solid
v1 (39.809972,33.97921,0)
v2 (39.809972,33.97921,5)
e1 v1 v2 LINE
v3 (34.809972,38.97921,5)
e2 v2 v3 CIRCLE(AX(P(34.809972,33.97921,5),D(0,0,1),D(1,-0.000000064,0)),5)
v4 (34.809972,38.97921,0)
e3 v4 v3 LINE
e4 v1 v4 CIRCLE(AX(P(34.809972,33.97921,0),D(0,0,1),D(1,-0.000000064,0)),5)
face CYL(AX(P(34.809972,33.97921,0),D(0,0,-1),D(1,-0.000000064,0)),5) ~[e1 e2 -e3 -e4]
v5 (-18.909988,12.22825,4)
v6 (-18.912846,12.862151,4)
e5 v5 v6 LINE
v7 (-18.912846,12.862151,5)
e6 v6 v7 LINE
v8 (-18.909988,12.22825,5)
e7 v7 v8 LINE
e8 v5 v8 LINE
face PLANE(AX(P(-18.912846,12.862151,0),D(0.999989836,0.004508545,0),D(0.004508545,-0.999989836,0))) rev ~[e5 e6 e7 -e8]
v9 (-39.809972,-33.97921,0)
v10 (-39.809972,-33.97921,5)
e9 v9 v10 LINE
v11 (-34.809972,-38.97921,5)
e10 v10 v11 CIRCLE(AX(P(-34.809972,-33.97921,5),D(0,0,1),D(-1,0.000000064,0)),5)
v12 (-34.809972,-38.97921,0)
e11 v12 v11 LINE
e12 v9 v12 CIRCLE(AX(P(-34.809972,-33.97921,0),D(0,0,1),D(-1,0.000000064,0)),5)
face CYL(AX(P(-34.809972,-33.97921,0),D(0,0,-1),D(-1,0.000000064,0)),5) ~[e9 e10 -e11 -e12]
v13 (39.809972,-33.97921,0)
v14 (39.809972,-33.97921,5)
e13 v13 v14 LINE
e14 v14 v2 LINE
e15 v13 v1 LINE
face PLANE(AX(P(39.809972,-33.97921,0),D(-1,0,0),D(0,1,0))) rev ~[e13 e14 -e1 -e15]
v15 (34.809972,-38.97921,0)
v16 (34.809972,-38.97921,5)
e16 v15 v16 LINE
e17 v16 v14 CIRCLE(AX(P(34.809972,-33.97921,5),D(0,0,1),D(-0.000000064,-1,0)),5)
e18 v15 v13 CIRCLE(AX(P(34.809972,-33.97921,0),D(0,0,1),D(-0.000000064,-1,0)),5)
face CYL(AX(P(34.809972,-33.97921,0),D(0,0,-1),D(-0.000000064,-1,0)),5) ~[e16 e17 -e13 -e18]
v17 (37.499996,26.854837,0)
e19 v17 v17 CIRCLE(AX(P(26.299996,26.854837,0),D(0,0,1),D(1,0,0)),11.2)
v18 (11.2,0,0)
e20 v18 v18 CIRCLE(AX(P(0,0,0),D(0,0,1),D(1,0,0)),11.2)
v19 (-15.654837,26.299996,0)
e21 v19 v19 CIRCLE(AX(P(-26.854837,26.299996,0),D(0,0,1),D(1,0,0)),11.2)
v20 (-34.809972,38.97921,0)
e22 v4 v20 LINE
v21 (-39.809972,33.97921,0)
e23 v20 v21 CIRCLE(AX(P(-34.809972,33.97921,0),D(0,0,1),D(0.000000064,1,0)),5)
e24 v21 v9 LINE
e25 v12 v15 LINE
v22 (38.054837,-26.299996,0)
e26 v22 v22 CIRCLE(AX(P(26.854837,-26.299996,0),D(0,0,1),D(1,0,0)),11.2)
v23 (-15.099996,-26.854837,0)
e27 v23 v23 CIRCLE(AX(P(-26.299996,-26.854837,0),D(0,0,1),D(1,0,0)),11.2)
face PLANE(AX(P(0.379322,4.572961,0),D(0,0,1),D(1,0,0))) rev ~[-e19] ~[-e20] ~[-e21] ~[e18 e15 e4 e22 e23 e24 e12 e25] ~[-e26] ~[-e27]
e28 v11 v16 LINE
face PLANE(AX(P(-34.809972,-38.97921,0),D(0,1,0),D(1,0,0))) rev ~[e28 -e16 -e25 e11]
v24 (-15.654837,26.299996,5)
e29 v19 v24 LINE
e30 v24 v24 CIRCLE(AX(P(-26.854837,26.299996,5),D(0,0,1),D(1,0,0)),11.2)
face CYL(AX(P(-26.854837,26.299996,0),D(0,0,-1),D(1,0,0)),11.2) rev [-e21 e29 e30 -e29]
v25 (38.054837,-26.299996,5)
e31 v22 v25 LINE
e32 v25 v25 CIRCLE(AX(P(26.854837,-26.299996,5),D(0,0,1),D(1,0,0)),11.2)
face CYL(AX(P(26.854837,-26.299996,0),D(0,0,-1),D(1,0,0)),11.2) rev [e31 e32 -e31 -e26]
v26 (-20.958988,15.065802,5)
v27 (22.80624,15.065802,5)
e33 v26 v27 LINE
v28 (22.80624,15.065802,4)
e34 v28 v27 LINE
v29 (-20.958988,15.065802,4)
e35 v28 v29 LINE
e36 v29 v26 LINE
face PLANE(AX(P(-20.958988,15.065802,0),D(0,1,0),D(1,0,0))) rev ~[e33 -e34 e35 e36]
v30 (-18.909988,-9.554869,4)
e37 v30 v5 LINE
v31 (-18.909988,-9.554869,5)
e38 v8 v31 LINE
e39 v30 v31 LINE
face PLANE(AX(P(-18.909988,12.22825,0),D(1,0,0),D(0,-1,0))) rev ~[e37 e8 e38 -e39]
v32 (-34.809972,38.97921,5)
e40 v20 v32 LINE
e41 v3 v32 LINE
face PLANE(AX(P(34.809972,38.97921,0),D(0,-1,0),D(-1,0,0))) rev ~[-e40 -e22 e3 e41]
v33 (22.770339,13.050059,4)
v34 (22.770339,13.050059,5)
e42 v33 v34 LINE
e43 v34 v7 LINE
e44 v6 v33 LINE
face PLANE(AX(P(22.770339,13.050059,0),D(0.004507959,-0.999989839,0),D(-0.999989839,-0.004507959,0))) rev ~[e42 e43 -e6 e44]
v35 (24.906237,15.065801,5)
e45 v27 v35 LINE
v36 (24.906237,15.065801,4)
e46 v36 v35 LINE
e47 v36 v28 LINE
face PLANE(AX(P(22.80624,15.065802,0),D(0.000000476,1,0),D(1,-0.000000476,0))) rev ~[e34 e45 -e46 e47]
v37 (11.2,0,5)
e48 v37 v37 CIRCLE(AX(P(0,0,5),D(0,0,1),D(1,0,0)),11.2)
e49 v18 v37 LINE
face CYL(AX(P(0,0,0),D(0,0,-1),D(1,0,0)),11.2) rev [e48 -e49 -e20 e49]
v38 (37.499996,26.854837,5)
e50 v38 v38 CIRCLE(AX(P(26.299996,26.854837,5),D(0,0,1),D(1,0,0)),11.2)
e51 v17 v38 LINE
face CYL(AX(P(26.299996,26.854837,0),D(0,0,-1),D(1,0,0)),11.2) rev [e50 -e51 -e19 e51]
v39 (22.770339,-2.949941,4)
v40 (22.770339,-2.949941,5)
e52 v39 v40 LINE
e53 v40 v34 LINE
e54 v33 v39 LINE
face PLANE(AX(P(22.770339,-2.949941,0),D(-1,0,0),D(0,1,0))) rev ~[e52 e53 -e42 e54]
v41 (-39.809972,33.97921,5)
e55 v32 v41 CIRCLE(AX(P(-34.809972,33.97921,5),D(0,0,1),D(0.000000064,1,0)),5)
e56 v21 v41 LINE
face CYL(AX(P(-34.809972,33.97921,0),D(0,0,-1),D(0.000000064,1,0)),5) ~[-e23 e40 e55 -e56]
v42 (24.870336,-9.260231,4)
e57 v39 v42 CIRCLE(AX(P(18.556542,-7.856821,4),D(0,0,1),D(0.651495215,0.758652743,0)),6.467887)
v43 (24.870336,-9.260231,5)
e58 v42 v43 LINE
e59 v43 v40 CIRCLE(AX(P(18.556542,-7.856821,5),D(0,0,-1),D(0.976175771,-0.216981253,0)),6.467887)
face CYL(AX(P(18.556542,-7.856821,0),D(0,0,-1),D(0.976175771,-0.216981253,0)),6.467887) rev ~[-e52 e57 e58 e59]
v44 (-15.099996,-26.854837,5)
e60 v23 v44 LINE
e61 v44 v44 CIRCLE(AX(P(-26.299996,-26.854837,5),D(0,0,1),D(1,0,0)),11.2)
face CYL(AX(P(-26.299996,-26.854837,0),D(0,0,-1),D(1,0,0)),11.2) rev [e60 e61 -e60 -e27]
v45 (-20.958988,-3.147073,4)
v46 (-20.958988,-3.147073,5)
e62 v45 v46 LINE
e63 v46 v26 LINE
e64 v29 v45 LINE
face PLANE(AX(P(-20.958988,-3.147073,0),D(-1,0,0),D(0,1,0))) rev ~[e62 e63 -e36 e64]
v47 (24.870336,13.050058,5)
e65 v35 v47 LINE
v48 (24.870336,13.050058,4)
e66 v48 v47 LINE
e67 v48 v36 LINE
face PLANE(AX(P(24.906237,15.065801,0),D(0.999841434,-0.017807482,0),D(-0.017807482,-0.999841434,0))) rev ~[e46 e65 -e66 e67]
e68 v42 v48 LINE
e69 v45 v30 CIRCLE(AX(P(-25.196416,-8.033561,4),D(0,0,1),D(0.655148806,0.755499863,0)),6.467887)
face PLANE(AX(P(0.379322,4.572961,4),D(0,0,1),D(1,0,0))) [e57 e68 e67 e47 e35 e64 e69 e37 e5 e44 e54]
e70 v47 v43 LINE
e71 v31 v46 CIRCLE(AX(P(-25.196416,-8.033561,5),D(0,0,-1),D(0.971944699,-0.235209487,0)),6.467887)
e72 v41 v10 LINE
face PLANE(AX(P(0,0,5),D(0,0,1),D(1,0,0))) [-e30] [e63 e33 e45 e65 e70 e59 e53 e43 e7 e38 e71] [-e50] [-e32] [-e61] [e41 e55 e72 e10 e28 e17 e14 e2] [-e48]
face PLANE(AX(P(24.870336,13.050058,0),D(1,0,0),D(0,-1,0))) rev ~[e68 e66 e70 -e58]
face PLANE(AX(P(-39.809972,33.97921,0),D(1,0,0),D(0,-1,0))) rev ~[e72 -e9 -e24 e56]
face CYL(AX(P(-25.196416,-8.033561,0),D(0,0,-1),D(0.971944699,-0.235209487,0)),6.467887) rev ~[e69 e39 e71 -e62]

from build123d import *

# Parameters (mm, degrees)
F0_R     = 11.2
F1_DEPTH = 5
F2_DEPTH = 4


with BuildPart() as f1:
    # F0 (on Top) → F1 (new body)
    with BuildSketch(Plane.XY):
        with BuildLine():
            ThreePointArc((39.809972, 33.97921), (38.345506, 37.514744), (34.809972, 38.97921))
            Line((34.809972, 38.97921), (-34.809972, 38.97921))
            ThreePointArc((-34.809972, 38.97921), (-38.345506, 37.514744), (-39.809972, 33.97921))
            Line((-39.809972, 33.97921), (-39.809972, -33.97921))
            ThreePointArc((-39.809972, -33.97921), (-38.345506, -37.514744), (-34.809972, -38.97921))
            Line((-34.809972, -38.97921), (34.809972, -38.97921))
            ThreePointArc((34.809972, -38.97921), (38.345506, -37.514744), (39.809972, -33.97921))
            Line((39.809972, -33.97921), (39.809972, 33.97921))
        make_face()
        with Locations((-26.299996, -26.854837)):
            Circle(F0_R, mode=Mode.SUBTRACT)
        with Locations((26.854837, -26.299996)):
            Circle(F0_R, mode=Mode.SUBTRACT)
        with BuildLine():
            Line((22.770339, -2.949941), (22.770339, 13.050059))
            Line((22.770339, 13.050059), (-18.912846, 12.862151))
            Line((-18.912846, 12.862151), (-18.909988, 12.22825))
            Line((-18.909988, 12.22825), (-18.909988, -6.512253))
            Line((-18.909988, -6.512253), (-18.909988, -9.554869))
            ThreePointArc((-18.909988, -9.554869), (-31.357005, -10.003512), (-20.958988, -3.147073))
            Line((-20.958988, -3.147073), (-20.958988, 12.852927))
            Line((-20.958988, 12.852927), (-20.958988, 15.065802))
            Line((-20.958988, 15.065802), (22.80624, 15.065802))
            Line((22.80624, 15.065802), (24.906237, 15.065801))
            Line((24.906237, 15.065801), (24.870336, 13.050058))
            Line((24.870336, 13.050058), (24.870336, -9.260231))
            ThreePointArc((24.870336, -9.260231), (12.419565, -9.899141), (22.770339, -2.949941))
        make_face(mode=Mode.SUBTRACT)
        with Locations((-26.854837, 26.299996)):
            Circle(F0_R, mode=Mode.SUBTRACT)
        Circle(F0_R, mode=Mode.SUBTRACT)
        with Locations((26.299996, 26.854837)):
            Circle(F0_R, mode=Mode.SUBTRACT)
    extrude(amount=F1_DEPTH)

    # F0 (on Top) → F2 (join)
    with BuildSketch(Plane.XY):
        with BuildLine():
            Line((-18.912846, 12.862151), (22.770339, 13.050059))
            Line((22.770339, 13.050059), (22.770339, -2.949941))
            ThreePointArc((22.770339, -2.949941), (12.419565, -9.899141), (24.870336, -9.260231))
            Line((24.870336, -9.260231), (24.870336, 13.050058))
            Line((24.870336, 13.050058), (24.906237, 15.065801))
            Line((24.906237, 15.065801), (22.80624, 15.065802))
            Line((22.80624, 15.065802), (-20.958988, 15.065802))
            Line((-20.958988, 15.065802), (-20.958988, 12.852927))
            Line((-20.958988, 12.852927), (-20.958988, -3.147073))
            ThreePointArc((-20.958988, -3.147073), (-31.357005, -10.003512), (-18.909988, -9.554869))
            Line((-18.909988, -9.554869), (-18.909988, -6.512253))
            Line((-18.909988, -6.512253), (-18.909988, 12.22825))
            Line((-18.909988, 12.22825), (-18.912846, 12.862151))
        make_face()
    extrude(amount=F2_DEPTH)


solid = f1.part
